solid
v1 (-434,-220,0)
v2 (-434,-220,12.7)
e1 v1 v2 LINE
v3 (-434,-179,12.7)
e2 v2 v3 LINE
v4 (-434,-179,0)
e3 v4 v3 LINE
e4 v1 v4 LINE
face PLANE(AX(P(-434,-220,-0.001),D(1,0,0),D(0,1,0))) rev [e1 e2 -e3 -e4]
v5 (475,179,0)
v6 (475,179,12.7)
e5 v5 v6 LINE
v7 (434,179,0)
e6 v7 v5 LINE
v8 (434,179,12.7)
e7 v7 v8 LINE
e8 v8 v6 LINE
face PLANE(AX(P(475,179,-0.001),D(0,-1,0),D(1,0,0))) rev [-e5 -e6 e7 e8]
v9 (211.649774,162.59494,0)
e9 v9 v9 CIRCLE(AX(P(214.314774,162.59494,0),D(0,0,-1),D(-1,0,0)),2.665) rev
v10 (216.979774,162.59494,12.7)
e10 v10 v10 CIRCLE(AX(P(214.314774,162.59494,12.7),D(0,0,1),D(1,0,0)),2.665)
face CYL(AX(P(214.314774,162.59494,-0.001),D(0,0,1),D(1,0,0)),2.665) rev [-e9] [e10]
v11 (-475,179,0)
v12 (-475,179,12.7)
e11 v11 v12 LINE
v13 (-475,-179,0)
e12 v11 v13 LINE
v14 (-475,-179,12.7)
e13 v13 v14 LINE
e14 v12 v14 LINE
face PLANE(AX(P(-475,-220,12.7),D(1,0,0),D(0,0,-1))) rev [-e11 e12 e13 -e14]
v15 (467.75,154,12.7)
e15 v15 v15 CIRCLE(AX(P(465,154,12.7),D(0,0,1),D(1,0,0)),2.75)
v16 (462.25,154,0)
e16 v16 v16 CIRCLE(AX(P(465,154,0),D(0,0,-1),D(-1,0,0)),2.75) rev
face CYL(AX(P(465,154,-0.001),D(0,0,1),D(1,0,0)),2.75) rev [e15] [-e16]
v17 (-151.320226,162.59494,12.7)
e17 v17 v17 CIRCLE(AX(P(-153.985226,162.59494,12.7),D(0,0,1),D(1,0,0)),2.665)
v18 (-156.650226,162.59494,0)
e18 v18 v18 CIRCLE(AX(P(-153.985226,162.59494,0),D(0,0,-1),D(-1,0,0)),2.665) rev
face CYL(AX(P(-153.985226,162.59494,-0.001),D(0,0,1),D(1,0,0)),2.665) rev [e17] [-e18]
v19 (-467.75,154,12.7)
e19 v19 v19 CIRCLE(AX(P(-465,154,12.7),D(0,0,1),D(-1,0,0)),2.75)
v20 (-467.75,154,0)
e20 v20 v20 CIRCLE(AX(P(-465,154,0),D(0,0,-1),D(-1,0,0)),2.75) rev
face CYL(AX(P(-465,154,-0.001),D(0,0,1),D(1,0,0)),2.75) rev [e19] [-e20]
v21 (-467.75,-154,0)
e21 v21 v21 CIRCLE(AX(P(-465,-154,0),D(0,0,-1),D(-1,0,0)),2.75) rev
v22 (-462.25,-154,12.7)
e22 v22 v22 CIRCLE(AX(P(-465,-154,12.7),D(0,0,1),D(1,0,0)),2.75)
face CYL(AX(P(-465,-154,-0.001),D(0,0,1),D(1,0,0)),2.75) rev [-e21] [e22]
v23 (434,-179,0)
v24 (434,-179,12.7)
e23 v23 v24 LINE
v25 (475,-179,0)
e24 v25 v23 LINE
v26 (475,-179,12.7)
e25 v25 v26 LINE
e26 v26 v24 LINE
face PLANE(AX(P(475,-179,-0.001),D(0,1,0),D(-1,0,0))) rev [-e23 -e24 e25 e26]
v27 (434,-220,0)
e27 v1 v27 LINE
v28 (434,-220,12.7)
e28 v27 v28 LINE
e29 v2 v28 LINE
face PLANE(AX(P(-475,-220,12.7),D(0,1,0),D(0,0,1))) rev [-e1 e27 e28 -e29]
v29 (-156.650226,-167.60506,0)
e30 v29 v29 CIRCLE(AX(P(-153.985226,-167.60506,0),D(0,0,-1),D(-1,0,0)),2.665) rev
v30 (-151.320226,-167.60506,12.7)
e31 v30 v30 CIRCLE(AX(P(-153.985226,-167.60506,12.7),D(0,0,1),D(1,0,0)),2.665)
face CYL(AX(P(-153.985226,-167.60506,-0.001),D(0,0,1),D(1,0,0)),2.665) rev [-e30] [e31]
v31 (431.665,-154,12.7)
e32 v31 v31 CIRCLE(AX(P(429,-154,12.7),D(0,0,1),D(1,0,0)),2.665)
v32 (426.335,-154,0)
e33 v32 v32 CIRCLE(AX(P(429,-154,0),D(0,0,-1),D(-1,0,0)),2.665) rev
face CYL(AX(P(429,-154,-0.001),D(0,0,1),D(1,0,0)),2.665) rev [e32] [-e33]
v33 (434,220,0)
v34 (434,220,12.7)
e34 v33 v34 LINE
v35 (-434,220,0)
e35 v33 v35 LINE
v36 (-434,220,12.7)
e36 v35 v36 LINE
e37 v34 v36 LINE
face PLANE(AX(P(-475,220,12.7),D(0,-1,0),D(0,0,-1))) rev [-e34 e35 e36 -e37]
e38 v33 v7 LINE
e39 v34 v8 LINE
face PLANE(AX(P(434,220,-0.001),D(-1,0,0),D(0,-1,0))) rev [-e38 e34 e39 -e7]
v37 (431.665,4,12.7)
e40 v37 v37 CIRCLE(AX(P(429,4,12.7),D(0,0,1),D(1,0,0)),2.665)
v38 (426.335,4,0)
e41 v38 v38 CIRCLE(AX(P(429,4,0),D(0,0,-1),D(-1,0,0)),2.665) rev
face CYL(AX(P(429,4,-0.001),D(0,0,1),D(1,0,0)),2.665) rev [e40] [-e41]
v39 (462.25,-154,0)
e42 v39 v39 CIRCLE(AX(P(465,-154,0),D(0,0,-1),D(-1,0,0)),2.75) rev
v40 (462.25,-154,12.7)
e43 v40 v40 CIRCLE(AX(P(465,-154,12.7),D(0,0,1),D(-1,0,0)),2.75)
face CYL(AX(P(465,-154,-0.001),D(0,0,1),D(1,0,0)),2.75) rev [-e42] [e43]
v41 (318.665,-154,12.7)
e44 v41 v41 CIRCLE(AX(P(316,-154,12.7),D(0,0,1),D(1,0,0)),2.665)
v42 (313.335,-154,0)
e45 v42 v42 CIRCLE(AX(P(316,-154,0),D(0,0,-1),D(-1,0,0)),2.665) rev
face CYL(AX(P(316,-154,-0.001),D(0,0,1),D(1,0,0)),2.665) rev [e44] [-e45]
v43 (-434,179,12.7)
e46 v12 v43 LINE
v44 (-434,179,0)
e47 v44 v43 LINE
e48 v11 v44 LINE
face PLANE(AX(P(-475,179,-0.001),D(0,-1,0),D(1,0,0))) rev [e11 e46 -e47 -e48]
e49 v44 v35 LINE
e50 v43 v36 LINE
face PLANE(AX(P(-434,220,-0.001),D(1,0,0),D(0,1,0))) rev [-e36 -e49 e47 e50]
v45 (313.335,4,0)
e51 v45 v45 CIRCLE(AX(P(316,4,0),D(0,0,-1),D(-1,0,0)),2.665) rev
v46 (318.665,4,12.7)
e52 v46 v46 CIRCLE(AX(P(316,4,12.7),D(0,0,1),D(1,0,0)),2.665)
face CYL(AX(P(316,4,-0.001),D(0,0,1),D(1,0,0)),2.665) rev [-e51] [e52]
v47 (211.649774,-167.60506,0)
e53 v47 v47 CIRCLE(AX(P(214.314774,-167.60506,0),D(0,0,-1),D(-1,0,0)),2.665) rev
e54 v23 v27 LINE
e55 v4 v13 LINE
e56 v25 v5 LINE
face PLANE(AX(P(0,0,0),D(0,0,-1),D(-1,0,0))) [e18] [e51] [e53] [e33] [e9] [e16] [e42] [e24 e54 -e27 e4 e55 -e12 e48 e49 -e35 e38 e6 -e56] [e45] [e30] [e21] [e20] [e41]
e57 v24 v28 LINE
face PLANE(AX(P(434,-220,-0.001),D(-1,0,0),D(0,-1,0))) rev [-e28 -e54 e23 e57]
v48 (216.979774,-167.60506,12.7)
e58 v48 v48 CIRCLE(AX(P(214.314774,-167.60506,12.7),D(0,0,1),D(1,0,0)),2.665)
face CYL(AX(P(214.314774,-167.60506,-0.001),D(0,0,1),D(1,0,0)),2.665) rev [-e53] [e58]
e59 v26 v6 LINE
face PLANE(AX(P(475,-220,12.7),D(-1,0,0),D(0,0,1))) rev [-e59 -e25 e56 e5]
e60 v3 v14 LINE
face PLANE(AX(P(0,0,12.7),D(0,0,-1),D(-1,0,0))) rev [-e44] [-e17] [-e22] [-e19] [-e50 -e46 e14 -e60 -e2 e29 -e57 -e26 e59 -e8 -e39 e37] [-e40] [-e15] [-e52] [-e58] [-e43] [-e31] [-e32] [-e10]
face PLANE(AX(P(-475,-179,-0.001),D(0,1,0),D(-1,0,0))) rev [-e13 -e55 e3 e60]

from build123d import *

# Parameters (mm, degrees)
SKETCH2_W           = 950
SKETCH2_H           = 440
BOSS_EXTRUDE1_DEPTH = 12.7
CUT_EXTRUDE1_REACH  = 525.628
SKETCH3_W           = 41
SKETCH3_H           = 41
CUT_EXTRUDE2_REACH  = 525.628
SKETCH4_R           = 2.75
CUT_EXTRUDE3_REACH  = 525.628
SKETCH6_R           = 2.665
CUT_EXTRUDE4_REACH  = 525.628
SKETCH7_R           = 2.665


with BuildPart() as part:
    # Sketch2 → Boss-Extrude1 (new body)
    with BuildSketch(Plane.XY):
        Rectangle(SKETCH2_W, SKETCH2_H)
    extrude(amount=BOSS_EXTRUDE1_DEPTH)

    # Sketch3 → Cut-Extrude1 (cut, up to next)
    with BuildSketch(Plane.XY.offset(12.7), mode=Mode.PRIVATE) as cut_extrude1_sk1:
        with Locations((-454.5, 199.5)):
            Rectangle(SKETCH3_W, SKETCH3_H)
    cut_extrude1_tool1 = extrude(cut_extrude1_sk1.sketch, amount=-CUT_EXTRUDE1_REACH, mode=Mode.PRIVATE) & part.part
    # Sketch3 → Cut-Extrude1 (cut, up to next)
    with BuildSketch(Plane.XY.offset(12.7), mode=Mode.PRIVATE) as cut_extrude1_sk2:
        with Locations((454.5, 199.5)):
            Rectangle(SKETCH3_W, SKETCH3_H)
    cut_extrude1_tool2 = extrude(cut_extrude1_sk2.sketch, amount=-CUT_EXTRUDE1_REACH, mode=Mode.PRIVATE) & part.part
    # Sketch3 → Cut-Extrude1 (cut, up to next)
    with BuildSketch(Plane.XY.offset(12.7), mode=Mode.PRIVATE) as cut_extrude1_sk3:
        with Locations((454.5, -199.5)):
            Rectangle(SKETCH3_W, SKETCH3_H)
    cut_extrude1_tool3 = extrude(cut_extrude1_sk3.sketch, amount=-CUT_EXTRUDE1_REACH, mode=Mode.PRIVATE) & part.part
    # Sketch3 → Cut-Extrude1 (cut, up to next)
    with BuildSketch(Plane.XY.offset(12.7), mode=Mode.PRIVATE) as cut_extrude1_sk4:
        with Locations((-454.5, -199.5)):
            Rectangle(SKETCH3_W, SKETCH3_H)
    cut_extrude1_tool4 = extrude(cut_extrude1_sk4.sketch, amount=-CUT_EXTRUDE1_REACH, mode=Mode.PRIVATE) & part.part
    add(cut_extrude1_tool1.solids().sort_by_distance((-454.5, 199.5, 12.7))[0], mode=Mode.SUBTRACT)
    add(cut_extrude1_tool2.solids().sort_by_distance((454.5, 199.5, 12.7))[0], mode=Mode.SUBTRACT)
    add(cut_extrude1_tool3.solids().sort_by_distance((454.5, -199.5, 12.7))[0], mode=Mode.SUBTRACT)
    add(cut_extrude1_tool4.solids().sort_by_distance((-454.5, -199.5, 12.7))[0], mode=Mode.SUBTRACT)

    # Sketch4 → Cut-Extrude2 (cut, up to next)
    with BuildSketch(Plane.XY.offset(12.7), mode=Mode.PRIVATE) as cut_extrude2_sk1:
        with Locations((-465, -154)):
            Circle(SKETCH4_R)
    cut_extrude2_tool1 = extrude(cut_extrude2_sk1.sketch, amount=-CUT_EXTRUDE2_REACH, mode=Mode.PRIVATE) & part.part
    # Sketch4 → Cut-Extrude2 (cut, up to next)
    with BuildSketch(Plane.XY.offset(12.7), mode=Mode.PRIVATE) as cut_extrude2_sk2:
        with Locations(Location((-465, 154, 0), (0, 0, 180))):
            Circle(SKETCH4_R)
    cut_extrude2_tool2 = extrude(cut_extrude2_sk2.sketch, amount=-CUT_EXTRUDE2_REACH, mode=Mode.PRIVATE) & part.part
    # Sketch4 → Cut-Extrude2 (cut, up to next)
    with BuildSketch(Plane.XY.offset(12.7), mode=Mode.PRIVATE) as cut_extrude2_sk3:
        with Locations(Location((465, -154, 0), (0, 0, 180))):
            Circle(SKETCH4_R)
    cut_extrude2_tool3 = extrude(cut_extrude2_sk3.sketch, amount=-CUT_EXTRUDE2_REACH, mode=Mode.PRIVATE) & part.part
    # Sketch4 → Cut-Extrude2 (cut, up to next)
    with BuildSketch(Plane.XY.offset(12.7), mode=Mode.PRIVATE) as cut_extrude2_sk4:
        with Locations((465, 154)):
            Circle(SKETCH4_R)
    cut_extrude2_tool4 = extrude(cut_extrude2_sk4.sketch, amount=-CUT_EXTRUDE2_REACH, mode=Mode.PRIVATE) & part.part
    add(cut_extrude2_tool1.solids().sort_by_distance((-465, -154, 12.7))[0], mode=Mode.SUBTRACT)
    add(cut_extrude2_tool2.solids().sort_by_distance((-465, 154, 12.7))[0], mode=Mode.SUBTRACT)
    add(cut_extrude2_tool3.solids().sort_by_distance((465, -154, 12.7))[0], mode=Mode.SUBTRACT)
    add(cut_extrude2_tool4.solids().sort_by_distance((465, 154, 12.7))[0], mode=Mode.SUBTRACT)

    # Sketch6 → Cut-Extrude3 (cut, up to next)
    with BuildSketch(Plane.XY.offset(12.7), mode=Mode.PRIVATE) as cut_extrude3_sk1:
        with Locations((-153.985226099, -167.605059616)):
            Circle(SKETCH6_R)
    cut_extrude3_tool1 = extrude(cut_extrude3_sk1.sketch, amount=-CUT_EXTRUDE3_REACH, mode=Mode.PRIVATE) & part.part
    # Sketch6 → Cut-Extrude3 (cut, up to next)
    with BuildSketch(Plane.XY.offset(12.7), mode=Mode.PRIVATE) as cut_extrude3_sk2:
        with Locations((214.314773901, -167.605059616)):
            Circle(SKETCH6_R)
    cut_extrude3_tool2 = extrude(cut_extrude3_sk2.sketch, amount=-CUT_EXTRUDE3_REACH, mode=Mode.PRIVATE) & part.part
    # Sketch6 → Cut-Extrude3 (cut, up to next)
    with BuildSketch(Plane.XY.offset(12.7), mode=Mode.PRIVATE) as cut_extrude3_sk3:
        with Locations((214.314773901, 162.594940384)):
            Circle(SKETCH6_R)
    cut_extrude3_tool3 = extrude(cut_extrude3_sk3.sketch, amount=-CUT_EXTRUDE3_REACH, mode=Mode.PRIVATE) & part.part
    # Sketch6 → Cut-Extrude3 (cut, up to next)
    with BuildSketch(Plane.XY.offset(12.7), mode=Mode.PRIVATE) as cut_extrude3_sk4:
        with Locations((-153.985226099, 162.594940384)):
            Circle(SKETCH6_R)
    cut_extrude3_tool4 = extrude(cut_extrude3_sk4.sketch, amount=-CUT_EXTRUDE3_REACH, mode=Mode.PRIVATE) & part.part
    add(cut_extrude3_tool1.solids().sort_by_distance((-153.985226, -167.60506, 12.7))[0], mode=Mode.SUBTRACT)
    add(cut_extrude3_tool2.solids().sort_by_distance((214.314774, -167.60506, 12.7))[0], mode=Mode.SUBTRACT)
    add(cut_extrude3_tool3.solids().sort_by_distance((214.314774, 162.59494, 12.7))[0], mode=Mode.SUBTRACT)
    add(cut_extrude3_tool4.solids().sort_by_distance((-153.985226, 162.59494, 12.7))[0], mode=Mode.SUBTRACT)

    # Sketch7 → Cut-Extrude4 (cut, up to next)
    with BuildSketch(Plane.XY.offset(12.7), mode=Mode.PRIVATE) as cut_extrude4_sk1:
        with Locations((429, 4)):
            Circle(SKETCH7_R)
    cut_extrude4_tool1 = extrude(cut_extrude4_sk1.sketch, amount=-CUT_EXTRUDE4_REACH, mode=Mode.PRIVATE) & part.part
    # Sketch7 → Cut-Extrude4 (cut, up to next)
    with BuildSketch(Plane.XY.offset(12.7), mode=Mode.PRIVATE) as cut_extrude4_sk2:
        with Locations((429, -154)):
            Circle(SKETCH7_R)
    cut_extrude4_tool2 = extrude(cut_extrude4_sk2.sketch, amount=-CUT_EXTRUDE4_REACH, mode=Mode.PRIVATE) & part.part
    # Sketch7 → Cut-Extrude4 (cut, up to next)
    with BuildSketch(Plane.XY.offset(12.7), mode=Mode.PRIVATE) as cut_extrude4_sk3:
        with Locations((316, 4)):
            Circle(SKETCH7_R)
    cut_extrude4_tool3 = extrude(cut_extrude4_sk3.sketch, amount=-CUT_EXTRUDE4_REACH, mode=Mode.PRIVATE) & part.part
    # Sketch7 → Cut-Extrude4 (cut, up to next)
    with BuildSketch(Plane.XY.offset(12.7), mode=Mode.PRIVATE) as cut_extrude4_sk4:
        with Locations((316, -154)):
            Circle(SKETCH7_R)
    cut_extrude4_tool4 = extrude(cut_extrude4_sk4.sketch, amount=-CUT_EXTRUDE4_REACH, mode=Mode.PRIVATE) & part.part
    add(cut_extrude4_tool1.solids().sort_by_distance((429, 4, 12.7))[0], mode=Mode.SUBTRACT)
    add(cut_extrude4_tool2.solids().sort_by_distance((429, -154, 12.7))[0], mode=Mode.SUBTRACT)
    add(cut_extrude4_tool3.solids().sort_by_distance((316, 4, 12.7))[0], mode=Mode.SUBTRACT)
    add(cut_extrude4_tool4.solids().sort_by_distance((316, -154, 12.7))[0], mode=Mode.SUBTRACT)


solid = part.part
